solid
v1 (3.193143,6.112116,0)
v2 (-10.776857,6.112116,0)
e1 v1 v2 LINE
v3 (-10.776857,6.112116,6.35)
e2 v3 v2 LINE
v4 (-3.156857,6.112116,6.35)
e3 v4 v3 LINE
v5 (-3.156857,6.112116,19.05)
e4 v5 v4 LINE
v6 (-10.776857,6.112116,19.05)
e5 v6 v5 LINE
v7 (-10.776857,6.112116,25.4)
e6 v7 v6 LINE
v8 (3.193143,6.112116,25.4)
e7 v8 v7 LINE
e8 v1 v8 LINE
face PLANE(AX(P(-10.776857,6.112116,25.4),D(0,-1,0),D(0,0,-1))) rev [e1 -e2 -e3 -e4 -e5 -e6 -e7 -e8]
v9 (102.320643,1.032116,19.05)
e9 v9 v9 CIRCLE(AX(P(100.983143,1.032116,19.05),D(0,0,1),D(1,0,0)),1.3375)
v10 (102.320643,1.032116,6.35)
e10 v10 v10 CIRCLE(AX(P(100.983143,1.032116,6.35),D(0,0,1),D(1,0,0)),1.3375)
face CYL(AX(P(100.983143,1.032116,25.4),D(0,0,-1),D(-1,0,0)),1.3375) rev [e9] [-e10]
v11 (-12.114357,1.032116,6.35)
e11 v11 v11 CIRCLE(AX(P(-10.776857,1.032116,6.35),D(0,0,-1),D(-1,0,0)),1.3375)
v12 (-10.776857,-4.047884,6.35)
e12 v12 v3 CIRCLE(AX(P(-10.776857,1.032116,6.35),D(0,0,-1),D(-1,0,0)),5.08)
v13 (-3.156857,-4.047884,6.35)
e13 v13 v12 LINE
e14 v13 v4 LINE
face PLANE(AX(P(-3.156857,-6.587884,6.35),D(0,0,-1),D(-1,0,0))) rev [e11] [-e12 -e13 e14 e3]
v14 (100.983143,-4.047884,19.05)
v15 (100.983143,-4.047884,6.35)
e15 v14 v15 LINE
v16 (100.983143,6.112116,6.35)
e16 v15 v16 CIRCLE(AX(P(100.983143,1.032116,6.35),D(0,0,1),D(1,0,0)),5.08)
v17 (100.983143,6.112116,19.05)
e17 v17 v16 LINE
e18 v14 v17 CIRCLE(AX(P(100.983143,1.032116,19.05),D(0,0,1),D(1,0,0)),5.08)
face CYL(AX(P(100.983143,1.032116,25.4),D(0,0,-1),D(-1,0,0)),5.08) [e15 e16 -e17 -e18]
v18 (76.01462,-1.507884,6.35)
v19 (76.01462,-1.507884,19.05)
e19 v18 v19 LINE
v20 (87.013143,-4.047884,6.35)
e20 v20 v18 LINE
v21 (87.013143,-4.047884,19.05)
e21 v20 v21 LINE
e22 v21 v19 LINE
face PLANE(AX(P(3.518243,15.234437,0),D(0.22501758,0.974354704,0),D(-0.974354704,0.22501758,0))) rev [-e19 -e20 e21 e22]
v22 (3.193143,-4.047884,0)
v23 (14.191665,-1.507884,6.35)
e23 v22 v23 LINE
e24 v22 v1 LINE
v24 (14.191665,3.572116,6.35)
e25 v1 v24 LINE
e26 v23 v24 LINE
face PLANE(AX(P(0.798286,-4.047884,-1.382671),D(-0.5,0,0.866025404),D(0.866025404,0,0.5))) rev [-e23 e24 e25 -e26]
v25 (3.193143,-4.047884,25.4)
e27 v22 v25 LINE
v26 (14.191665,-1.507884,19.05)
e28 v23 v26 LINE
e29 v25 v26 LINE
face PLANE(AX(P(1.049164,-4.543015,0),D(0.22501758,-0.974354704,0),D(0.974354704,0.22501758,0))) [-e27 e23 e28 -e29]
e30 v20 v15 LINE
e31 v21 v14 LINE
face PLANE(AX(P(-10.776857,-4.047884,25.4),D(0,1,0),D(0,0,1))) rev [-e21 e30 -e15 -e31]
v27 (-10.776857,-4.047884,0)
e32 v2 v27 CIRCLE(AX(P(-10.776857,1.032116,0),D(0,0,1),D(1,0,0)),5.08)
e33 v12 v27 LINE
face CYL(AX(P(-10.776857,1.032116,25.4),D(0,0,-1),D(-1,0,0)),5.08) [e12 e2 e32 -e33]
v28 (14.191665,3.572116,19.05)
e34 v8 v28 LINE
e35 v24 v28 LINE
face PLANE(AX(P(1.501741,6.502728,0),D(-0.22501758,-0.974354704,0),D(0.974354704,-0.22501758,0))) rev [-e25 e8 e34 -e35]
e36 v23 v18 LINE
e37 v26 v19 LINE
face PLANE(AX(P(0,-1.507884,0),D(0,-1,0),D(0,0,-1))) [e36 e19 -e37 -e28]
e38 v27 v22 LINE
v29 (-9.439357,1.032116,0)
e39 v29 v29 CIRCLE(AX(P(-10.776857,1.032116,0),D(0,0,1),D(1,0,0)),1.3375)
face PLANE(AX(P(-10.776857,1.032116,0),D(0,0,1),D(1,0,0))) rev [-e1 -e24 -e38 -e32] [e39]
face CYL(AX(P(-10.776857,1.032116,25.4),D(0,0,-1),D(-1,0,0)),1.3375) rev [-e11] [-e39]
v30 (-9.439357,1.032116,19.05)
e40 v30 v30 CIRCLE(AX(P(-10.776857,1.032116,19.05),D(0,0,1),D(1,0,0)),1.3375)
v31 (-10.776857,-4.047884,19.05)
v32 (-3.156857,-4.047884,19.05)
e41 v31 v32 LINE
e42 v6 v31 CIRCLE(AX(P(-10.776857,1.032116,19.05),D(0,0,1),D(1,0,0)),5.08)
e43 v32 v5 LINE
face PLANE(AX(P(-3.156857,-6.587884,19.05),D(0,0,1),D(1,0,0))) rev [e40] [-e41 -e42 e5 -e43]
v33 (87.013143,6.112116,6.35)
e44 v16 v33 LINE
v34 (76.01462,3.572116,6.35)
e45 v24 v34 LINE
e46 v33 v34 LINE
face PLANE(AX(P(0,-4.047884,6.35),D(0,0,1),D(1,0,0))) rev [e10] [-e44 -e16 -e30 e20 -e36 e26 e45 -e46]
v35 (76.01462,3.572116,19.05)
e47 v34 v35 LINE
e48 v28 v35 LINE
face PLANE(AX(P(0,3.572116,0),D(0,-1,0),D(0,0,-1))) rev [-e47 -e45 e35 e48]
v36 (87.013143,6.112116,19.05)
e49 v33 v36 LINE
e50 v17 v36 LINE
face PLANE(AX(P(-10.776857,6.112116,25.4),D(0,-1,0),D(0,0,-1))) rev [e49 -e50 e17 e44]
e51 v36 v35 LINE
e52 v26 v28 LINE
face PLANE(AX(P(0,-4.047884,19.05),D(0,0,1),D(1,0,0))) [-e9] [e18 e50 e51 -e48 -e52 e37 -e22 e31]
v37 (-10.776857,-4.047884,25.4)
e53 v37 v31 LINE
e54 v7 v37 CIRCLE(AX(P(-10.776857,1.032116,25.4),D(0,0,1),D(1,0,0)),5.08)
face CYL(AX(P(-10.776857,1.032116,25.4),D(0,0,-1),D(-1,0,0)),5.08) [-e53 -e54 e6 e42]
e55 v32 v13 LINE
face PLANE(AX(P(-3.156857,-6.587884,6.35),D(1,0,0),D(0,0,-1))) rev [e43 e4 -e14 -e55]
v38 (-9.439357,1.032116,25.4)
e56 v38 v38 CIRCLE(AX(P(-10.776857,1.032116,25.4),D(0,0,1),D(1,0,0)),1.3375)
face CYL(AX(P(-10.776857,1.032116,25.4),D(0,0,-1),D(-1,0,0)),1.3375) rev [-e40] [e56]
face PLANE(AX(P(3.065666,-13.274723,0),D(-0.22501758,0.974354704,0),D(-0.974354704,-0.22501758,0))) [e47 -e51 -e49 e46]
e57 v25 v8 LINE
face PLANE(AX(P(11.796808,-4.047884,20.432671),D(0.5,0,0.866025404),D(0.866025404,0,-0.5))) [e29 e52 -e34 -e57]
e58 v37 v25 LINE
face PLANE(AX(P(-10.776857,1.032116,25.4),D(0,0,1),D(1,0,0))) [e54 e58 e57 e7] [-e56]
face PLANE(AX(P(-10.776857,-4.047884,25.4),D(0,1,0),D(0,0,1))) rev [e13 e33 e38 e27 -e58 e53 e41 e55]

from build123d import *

# Parameters (mm, degrees)
SKETCH2_R               = 1.3375
BOSS_EXTRUDE2_DEPTH     = 25.4
SKETCH4_W               = 12.7
SKETCH4_H               = 12.7
CUT_EXTRUDE2_DEPTH      = 12.7
CUT_EXTRUDE3_DEPTH      = 110.534359325
CUT_EXTRUDE3_DEPTH_BACK = 110.534359325
SKETCH5_W               = 5.08
SKETCH5_H               = 6.35
CUT_EXTRUDE7_DEPTH      = 110.233274388


with BuildPart() as part:
    # Sketch2 → Boss-Extrude2 (new body)
    with BuildSketch(Plane.XY):
        with BuildLine():
            Line((-10.776857143, 6.112115909), (100.983142857, 6.112115909))
            ThreePointArc((100.983142857, 6.112115909), (106.063142857, 1.032115909), (100.983142857, -4.047884091))
            Line((100.983142857, -4.047884091), (-10.776857143, -4.047884091))
            ThreePointArc((-10.776857143, -4.047884091), (-15.856857143, 1.032115909), (-10.776857143, 6.112115909))
        make_face()
        with Locations((-10.776857143, 1.032115909)):
            Circle(SKETCH2_R, mode=Mode.SUBTRACT)
        with Locations((100.983142857, 1.032115909)):
            Circle(SKETCH2_R, mode=Mode.SUBTRACT)
    extrude(amount=BOSS_EXTRUDE2_DEPTH)

    # Sketch4 → Cut-Extrude2 (cut)
    with BuildSketch(Plane(origin=(0, 6.112115909, 0), x_dir=(1, 0, 0), z_dir=(0, 1, 0))):
        with Locations((-9.506857143, -12.7)):
            Rectangle(SKETCH4_W, SKETCH4_H)
    extrude(amount=-CUT_EXTRUDE2_DEPTH, mode=Mode.SUBTRACT)

    # Sketch5 → Cut-Extrude3 (cut, two sides: drawn at the far end of the back side and taken through both)
    with BuildSketch(Plane(origin=(0, 6.112115909, 0), x_dir=(1, 0, 0), z_dir=(0, 1, 0)).offset(-CUT_EXTRUDE3_DEPTH_BACK)):
        Polygon((87.013142857, 0), (3.193142857, 0), (14.191665485, -6.35), (100.983142857, -6.35), (100.983142857, 0), align=None)
        Polygon((100.983142857, -25.4), (100.983142857, -19.05), (14.191665485, -19.05), (3.193142857, -25.4), (87.013142857, -25.4), align=None)
        with Locations((103.523142857, -22.225)):
            Rectangle(SKETCH5_W, SKETCH5_H)
        with Locations((103.523142857, -3.175)):
            Rectangle(SKETCH5_W, SKETCH5_H)
    extrude(amount=CUT_EXTRUDE3_DEPTH + CUT_EXTRUDE3_DEPTH_BACK, mode=Mode.SUBTRACT)

    # Sketch13 → Cut-Extrude7 (cut, through all)
    with BuildSketch(Plane.XY.offset(25.4)):
        Polygon((87.013142857, 6.112115909), (76.014620229, 3.572115909), (14.191665485, 3.572115909), (3.193142857, 6.112115909), align=None)
        Polygon((87.013142857, -4.047884091), (3.193142857, -4.047884091), (14.191665485, -1.507884091), (76.014620229, -1.507884091), align=None)
    extrude(amount=-CUT_EXTRUDE7_DEPTH, mode=Mode.SUBTRACT)


solid = part.part
